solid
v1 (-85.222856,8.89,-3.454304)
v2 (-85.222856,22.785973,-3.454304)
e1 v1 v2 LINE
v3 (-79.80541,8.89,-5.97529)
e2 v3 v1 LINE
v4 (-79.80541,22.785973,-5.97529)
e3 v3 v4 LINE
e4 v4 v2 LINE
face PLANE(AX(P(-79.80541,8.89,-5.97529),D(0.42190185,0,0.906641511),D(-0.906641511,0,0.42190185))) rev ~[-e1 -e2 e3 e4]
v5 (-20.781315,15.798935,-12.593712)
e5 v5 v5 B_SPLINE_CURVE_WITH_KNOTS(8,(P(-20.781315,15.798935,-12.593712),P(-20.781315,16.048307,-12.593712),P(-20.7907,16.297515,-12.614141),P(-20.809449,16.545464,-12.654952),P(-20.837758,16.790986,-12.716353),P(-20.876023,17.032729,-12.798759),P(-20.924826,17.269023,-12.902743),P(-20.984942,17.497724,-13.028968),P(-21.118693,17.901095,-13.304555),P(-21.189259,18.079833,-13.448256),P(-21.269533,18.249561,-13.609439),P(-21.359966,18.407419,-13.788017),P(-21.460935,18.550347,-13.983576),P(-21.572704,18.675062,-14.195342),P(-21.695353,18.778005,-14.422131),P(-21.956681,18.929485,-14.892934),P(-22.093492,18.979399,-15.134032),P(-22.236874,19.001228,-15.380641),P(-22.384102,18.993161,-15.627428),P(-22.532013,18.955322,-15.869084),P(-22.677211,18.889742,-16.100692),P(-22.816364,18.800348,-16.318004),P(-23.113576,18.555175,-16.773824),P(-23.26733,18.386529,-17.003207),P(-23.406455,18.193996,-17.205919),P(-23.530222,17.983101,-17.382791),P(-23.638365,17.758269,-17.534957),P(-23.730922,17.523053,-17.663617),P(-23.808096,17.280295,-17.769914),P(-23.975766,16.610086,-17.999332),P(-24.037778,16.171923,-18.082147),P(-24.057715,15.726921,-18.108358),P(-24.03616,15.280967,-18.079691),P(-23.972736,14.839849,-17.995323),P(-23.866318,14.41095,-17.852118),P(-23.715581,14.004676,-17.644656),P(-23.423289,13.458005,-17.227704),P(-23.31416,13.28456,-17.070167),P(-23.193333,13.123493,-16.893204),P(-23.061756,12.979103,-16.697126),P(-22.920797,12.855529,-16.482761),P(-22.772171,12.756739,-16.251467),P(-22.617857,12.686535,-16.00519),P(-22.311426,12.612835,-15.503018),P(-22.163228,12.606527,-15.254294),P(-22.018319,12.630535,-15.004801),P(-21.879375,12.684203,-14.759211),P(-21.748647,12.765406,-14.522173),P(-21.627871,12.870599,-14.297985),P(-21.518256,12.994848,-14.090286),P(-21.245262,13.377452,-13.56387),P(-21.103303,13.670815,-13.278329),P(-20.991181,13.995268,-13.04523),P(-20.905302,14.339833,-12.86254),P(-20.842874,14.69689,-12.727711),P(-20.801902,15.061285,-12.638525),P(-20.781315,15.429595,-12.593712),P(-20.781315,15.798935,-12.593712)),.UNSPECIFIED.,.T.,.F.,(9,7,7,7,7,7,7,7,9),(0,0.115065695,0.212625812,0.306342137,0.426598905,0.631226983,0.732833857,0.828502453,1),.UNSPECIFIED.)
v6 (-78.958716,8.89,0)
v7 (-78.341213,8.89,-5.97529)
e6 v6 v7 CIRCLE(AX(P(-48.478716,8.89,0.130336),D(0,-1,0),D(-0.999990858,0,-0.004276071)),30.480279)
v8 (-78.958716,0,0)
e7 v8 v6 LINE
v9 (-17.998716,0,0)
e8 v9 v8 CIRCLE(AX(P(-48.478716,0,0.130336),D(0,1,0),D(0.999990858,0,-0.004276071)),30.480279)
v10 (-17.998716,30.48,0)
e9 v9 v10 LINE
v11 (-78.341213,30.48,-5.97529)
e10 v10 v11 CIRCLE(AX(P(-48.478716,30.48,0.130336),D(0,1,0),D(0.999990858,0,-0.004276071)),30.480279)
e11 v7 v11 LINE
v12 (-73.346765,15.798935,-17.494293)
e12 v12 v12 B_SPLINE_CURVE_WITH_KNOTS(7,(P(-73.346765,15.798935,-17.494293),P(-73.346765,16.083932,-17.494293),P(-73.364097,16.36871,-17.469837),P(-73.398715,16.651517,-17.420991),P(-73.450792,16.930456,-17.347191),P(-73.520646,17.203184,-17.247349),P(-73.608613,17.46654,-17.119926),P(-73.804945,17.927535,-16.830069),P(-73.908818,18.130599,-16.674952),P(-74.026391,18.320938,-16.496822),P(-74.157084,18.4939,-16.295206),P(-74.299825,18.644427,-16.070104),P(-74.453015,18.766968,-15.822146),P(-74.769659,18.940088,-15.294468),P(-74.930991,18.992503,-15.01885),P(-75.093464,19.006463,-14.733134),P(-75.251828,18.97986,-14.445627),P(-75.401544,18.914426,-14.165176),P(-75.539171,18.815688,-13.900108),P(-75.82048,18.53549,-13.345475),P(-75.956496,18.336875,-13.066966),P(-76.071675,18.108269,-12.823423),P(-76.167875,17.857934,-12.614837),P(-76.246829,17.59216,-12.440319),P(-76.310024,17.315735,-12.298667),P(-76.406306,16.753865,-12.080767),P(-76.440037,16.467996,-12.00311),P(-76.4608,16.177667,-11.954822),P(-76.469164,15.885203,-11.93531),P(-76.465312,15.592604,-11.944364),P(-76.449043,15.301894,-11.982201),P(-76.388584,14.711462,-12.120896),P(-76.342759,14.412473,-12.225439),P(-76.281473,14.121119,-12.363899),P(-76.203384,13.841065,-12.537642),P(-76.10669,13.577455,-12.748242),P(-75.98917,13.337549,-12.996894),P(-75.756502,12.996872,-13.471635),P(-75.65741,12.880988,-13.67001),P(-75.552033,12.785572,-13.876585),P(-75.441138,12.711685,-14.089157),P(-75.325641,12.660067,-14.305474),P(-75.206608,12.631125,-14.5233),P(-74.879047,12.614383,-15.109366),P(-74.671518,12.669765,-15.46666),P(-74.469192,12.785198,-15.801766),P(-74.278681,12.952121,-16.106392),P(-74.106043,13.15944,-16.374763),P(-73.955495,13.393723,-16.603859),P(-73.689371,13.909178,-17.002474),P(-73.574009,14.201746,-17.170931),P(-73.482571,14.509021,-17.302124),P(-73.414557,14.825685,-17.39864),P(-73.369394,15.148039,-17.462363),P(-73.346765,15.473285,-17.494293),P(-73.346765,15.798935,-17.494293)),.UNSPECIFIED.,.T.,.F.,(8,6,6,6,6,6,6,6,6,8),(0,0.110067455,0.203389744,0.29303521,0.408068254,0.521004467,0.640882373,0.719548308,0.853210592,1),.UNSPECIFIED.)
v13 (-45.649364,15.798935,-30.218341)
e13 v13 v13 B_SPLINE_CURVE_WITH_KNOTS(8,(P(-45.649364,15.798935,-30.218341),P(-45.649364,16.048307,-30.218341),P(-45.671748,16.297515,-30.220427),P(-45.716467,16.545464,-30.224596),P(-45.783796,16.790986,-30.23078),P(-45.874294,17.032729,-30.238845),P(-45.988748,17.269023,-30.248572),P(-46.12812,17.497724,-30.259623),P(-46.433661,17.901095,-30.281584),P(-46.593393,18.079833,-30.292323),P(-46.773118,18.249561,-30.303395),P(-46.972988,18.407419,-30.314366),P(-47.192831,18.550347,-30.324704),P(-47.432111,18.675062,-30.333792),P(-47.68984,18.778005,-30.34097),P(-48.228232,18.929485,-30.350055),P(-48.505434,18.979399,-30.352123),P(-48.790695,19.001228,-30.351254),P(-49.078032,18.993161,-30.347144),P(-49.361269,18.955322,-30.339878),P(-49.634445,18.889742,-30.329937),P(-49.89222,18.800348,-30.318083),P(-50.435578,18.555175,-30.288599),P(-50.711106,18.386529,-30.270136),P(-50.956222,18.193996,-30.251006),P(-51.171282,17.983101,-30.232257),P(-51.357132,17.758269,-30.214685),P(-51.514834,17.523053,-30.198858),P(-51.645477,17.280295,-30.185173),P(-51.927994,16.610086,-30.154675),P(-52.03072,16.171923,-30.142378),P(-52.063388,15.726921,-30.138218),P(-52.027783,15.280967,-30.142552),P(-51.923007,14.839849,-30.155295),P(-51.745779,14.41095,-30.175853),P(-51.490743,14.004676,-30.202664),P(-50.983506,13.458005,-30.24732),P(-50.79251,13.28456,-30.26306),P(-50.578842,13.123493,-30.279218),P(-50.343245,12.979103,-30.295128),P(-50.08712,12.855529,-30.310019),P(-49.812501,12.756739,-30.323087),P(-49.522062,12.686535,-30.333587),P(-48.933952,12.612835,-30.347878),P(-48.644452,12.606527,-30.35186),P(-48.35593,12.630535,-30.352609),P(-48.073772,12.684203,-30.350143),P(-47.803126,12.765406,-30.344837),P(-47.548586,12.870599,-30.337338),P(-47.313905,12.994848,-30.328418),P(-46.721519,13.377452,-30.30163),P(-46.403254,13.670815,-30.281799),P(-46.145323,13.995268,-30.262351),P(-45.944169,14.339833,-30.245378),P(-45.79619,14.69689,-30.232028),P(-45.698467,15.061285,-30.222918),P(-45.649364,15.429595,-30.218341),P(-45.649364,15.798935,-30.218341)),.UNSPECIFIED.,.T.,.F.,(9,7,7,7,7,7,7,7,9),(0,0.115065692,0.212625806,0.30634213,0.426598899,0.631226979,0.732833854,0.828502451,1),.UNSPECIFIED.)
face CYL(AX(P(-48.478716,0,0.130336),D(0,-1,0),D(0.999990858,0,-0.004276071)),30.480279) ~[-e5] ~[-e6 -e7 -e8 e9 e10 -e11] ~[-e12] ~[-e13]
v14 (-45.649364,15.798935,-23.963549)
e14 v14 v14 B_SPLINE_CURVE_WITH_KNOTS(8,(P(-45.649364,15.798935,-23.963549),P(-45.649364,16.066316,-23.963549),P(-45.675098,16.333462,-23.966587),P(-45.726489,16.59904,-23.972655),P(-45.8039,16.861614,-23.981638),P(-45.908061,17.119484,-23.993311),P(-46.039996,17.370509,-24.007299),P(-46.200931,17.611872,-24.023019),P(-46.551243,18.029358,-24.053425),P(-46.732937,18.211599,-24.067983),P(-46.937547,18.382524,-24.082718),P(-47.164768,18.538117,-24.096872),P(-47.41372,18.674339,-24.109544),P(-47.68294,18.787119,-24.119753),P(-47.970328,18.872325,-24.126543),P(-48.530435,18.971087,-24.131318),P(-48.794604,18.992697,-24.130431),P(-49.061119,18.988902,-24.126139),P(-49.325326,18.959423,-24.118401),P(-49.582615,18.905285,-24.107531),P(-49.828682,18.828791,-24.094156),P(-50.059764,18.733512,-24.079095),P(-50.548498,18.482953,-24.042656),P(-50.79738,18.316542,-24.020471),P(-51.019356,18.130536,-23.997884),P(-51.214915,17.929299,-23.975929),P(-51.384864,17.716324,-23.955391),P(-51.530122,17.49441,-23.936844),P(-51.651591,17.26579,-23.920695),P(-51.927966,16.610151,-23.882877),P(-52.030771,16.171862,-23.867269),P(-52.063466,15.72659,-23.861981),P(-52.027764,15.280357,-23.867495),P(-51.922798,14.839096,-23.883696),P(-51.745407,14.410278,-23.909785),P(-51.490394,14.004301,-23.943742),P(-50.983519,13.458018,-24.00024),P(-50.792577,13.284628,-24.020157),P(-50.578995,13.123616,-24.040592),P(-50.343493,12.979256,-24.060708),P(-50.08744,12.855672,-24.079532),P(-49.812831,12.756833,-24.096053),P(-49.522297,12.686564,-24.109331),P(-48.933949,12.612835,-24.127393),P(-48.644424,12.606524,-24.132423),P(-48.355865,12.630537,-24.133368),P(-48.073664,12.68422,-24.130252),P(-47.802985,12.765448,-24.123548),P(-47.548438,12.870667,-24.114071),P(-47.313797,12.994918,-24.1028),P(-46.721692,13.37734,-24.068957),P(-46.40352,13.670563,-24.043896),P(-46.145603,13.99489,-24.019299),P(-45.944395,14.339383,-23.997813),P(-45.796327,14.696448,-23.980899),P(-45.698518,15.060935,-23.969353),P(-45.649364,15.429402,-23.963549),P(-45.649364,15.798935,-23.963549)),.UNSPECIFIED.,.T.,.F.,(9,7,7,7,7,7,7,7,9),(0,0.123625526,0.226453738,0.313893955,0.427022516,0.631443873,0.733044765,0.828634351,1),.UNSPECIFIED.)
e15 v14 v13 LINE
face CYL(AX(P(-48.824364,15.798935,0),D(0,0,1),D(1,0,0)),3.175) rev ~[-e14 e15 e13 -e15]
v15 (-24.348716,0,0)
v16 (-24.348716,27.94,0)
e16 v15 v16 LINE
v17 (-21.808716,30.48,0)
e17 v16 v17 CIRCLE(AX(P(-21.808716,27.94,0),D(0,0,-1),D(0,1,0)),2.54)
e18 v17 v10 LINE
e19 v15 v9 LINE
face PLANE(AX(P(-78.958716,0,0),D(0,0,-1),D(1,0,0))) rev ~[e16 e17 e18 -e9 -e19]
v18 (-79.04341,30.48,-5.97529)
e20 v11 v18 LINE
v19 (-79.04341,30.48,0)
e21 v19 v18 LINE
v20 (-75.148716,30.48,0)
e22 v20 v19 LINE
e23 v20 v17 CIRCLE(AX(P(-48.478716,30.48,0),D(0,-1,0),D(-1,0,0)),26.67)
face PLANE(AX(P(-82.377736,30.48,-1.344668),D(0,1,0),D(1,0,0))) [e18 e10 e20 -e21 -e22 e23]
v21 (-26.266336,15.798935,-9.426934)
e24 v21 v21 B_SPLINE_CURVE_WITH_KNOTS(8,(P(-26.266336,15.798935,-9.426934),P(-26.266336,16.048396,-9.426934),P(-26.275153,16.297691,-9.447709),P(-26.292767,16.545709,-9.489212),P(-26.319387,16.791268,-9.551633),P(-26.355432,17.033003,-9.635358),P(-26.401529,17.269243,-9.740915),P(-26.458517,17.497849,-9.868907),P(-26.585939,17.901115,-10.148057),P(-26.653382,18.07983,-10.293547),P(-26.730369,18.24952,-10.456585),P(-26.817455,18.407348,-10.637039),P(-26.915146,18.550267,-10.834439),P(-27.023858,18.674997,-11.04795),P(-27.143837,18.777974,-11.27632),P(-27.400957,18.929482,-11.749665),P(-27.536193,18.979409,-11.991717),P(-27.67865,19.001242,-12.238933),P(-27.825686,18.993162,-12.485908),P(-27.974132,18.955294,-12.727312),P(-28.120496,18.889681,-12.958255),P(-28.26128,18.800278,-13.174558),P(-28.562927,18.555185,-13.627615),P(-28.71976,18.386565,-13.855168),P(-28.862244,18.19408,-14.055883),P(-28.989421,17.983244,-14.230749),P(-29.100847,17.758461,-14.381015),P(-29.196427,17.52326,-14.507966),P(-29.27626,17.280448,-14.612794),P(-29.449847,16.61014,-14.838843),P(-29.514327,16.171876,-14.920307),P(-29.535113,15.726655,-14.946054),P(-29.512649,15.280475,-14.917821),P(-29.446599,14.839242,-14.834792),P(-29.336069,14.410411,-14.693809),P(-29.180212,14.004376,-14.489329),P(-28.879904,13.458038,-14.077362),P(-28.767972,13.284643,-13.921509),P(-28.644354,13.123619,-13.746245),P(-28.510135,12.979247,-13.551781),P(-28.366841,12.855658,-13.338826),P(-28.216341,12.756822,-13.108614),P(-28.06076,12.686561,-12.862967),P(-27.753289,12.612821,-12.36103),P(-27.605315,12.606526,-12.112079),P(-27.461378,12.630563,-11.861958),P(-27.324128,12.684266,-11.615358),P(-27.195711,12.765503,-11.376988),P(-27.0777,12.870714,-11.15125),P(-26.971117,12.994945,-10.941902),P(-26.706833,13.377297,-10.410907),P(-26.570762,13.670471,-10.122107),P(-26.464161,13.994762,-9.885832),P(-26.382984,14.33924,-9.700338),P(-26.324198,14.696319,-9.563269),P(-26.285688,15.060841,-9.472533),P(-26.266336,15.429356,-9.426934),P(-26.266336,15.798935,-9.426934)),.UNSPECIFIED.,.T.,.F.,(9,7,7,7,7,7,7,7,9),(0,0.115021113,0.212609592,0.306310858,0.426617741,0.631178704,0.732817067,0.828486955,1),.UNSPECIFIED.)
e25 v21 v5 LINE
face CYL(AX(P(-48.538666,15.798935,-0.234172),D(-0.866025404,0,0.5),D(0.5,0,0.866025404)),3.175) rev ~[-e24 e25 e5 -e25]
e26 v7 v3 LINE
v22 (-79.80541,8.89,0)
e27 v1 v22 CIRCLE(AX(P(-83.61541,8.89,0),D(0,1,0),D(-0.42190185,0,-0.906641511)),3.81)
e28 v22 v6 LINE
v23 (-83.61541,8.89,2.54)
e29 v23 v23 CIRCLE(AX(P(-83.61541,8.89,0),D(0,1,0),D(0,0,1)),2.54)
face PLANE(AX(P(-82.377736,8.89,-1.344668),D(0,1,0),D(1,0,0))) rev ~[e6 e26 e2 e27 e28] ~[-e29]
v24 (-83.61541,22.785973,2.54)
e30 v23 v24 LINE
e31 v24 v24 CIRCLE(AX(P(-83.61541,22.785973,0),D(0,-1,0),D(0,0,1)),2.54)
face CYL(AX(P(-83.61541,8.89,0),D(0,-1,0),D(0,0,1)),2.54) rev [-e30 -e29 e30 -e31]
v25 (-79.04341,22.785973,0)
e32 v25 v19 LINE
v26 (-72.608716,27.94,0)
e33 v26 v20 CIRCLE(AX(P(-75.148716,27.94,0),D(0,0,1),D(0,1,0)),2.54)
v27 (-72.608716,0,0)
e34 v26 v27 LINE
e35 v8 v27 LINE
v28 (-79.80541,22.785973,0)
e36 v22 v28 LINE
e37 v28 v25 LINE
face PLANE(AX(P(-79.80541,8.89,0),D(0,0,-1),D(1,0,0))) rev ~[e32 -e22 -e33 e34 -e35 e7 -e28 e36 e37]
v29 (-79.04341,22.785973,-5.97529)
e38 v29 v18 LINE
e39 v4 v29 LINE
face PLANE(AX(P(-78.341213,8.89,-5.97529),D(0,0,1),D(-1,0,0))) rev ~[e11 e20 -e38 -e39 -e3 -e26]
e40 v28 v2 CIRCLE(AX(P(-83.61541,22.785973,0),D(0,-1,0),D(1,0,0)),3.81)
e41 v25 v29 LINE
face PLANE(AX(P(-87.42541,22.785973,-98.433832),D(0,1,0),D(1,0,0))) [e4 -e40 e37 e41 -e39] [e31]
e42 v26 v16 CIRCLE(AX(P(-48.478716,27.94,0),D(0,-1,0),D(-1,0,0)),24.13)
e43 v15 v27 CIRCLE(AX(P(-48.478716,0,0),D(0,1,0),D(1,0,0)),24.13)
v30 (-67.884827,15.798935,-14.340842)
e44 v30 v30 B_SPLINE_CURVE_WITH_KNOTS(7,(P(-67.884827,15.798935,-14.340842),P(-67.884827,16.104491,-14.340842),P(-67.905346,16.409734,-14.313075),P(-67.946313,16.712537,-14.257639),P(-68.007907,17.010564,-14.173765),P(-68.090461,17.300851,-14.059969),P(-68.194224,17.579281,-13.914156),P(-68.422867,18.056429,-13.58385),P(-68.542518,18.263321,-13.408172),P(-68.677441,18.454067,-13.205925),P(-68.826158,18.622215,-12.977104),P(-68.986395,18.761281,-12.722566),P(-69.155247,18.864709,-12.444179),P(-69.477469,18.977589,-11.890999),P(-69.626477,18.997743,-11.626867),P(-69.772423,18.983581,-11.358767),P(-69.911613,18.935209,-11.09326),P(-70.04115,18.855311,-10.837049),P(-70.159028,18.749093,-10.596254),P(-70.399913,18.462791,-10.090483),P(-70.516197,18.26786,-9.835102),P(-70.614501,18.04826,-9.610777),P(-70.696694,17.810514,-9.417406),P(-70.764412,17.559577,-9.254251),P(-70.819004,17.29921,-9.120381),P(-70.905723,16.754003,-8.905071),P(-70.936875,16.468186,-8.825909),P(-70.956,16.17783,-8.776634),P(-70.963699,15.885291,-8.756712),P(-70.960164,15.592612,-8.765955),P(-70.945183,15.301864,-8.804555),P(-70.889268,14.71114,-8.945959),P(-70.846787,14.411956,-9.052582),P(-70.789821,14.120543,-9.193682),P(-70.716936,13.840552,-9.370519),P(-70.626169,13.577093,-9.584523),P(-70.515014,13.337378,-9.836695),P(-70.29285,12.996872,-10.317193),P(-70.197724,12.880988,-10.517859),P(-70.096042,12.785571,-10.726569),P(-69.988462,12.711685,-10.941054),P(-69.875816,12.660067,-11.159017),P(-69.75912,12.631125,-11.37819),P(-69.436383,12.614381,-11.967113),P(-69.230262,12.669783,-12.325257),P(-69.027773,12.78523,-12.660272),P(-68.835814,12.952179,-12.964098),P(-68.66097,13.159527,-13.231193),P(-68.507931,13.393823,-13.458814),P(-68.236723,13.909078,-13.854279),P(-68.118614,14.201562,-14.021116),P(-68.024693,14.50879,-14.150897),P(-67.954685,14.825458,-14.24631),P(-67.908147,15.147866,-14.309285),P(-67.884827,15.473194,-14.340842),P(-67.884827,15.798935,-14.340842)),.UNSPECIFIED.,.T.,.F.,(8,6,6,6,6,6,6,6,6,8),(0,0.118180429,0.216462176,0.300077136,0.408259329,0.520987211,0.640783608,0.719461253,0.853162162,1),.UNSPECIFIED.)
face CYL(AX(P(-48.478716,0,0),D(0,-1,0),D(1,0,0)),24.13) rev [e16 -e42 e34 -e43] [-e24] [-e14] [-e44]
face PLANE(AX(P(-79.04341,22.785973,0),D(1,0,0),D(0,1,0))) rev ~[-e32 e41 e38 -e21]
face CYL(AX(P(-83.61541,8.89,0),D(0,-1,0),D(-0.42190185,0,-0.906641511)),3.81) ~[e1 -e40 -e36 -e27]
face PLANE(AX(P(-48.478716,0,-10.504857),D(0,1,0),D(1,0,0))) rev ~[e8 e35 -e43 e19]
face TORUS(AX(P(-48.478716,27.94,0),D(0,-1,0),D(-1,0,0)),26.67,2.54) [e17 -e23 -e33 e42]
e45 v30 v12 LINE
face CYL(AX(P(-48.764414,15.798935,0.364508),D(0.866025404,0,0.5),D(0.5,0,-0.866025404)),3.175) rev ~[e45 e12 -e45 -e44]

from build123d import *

# Parameters (mm, degrees)
BOSS_EXTRUDE1_DEPTH     = 30.48
SKETCH3_R               = 24.13
CUT_EXTRUDE4_DEPTH      = 90.914560616
SKETCH4_R               = 3.175
CUT_EXTRUDE5_DEPTH      = 63.754
CIRPATTERN3_COUNT       = 6
BOSS_EXTRUDE3_START     = -21.59
SKETCH8_R               = 2.54
BOSS_EXTRUDE3_DEPTH     = 21.59
CUT_EXTRUDE7_DEPTH      = 98.433832269
CUT_EXTRUDE7_DEPTH_BACK = 98.433832269
SKETCH9_W               = 7.62
SKETCH9_H               = 7.694027115
SKETCH10_W              = 0.762
SKETCH10_H              = 7.694027115
CUT_EXTRUDE8_DEPTH      = 21.59
FILLET1_R               = 2.54


with BuildPart() as part:
    # Sketch1 → Boss-Extrude1 (new body)
    with BuildSketch(Plane(origin=(0, 0, 0), x_dir=(1, 0, 0), z_dir=(0, 1, 0))):
        with BuildLine():
            Line((-78.958715675, 0), (-17.998715675, 0))
            ThreePointArc((-17.998715675, 0), (-48.478715675, 30.349942827), (-78.958715675, 0))
        make_face()
    extrude(amount=BOSS_EXTRUDE1_DEPTH)

    # Sketch3 → Cut-Extrude4 (cut, through all)
    with BuildSketch(Plane(origin=(0, 0, 0), x_dir=(1, 0, 0), z_dir=(0, 1, 0))):
        with Locations((-48.478715675, 0)):
            Circle(SKETCH3_R)
    extrude(amount=CUT_EXTRUDE4_DEPTH, mode=Mode.SUBTRACT)

    # Sketch4 → Cut-Extrude5 (cut)
    with BuildSketch(Plane.XY):
        with Locations((-48.824364134, 15.798935299)):
            Circle(SKETCH4_R)
    cut_extrude5 = extrude(amount=-CUT_EXTRUDE5_DEPTH, mode=Mode.SUBTRACT)

    # CirPattern3: Cut-Extrude5 ×6 about axis
    cirpattern3_axis = Axis((-48.478715675, 30.48, 0.130335837), (0, -1, 0))
    for i in range(1, CIRPATTERN3_COUNT):
        add(cut_extrude5.rotate(cirpattern3_axis, i * 360 / CIRPATTERN3_COUNT), mode=Mode.SUBTRACT)

    # Sketch8 → Boss-Extrude3 (add)
    with BuildSketch(Plane(origin=(0, 30.48, 0), x_dir=(1, 0, 0), z_dir=(0, 1, 0)).offset(BOSS_EXTRUDE3_START)):
        with BuildLine():
            ThreePointArc((-85.222855562, 3.454304155), (-85.663790647, -3.212512214), (-79.805409512, 0))
            Line((-79.805409512, 0), (-78.958715675, 0))
            ThreePointArc((-78.958715675, 0), (-78.797525927, 3.002894504), (-78.341212544, 5.975290109))
            Line((-78.341212544, 5.975290109), (-78.958715675, 5.975290109))
            Line((-78.958715675, 5.975290109), (-79.805409512, 5.975290109))
            Line((-79.805409512, 5.975290109), (-85.222855562, 3.454304155))
        make_face()
        with Locations(Location((-83.615409512, 0, 0), (0, 0, 270))):
            Circle(SKETCH8_R, mode=Mode.SUBTRACT)
    extrude(amount=BOSS_EXTRUDE3_DEPTH)

    # Sketch9 → Cut-Extrude7 (cut, two sides: drawn at the far end of the back side and taken through both)
    with BuildSketch(Plane.XY.offset(-CUT_EXTRUDE7_DEPTH_BACK)):
        with Locations((-83.615409512, 26.632986443)):
            Rectangle(SKETCH9_W, SKETCH9_H)
    extrude(amount=CUT_EXTRUDE7_DEPTH + CUT_EXTRUDE7_DEPTH_BACK, mode=Mode.SUBTRACT)

    # Sketch10 → Cut-Extrude8 (cut)
    with BuildSketch(Plane.XY):
        with Locations((-79.424409512, 26.632986443)):
            Rectangle(SKETCH10_W, SKETCH10_H)
    extrude(amount=-CUT_EXTRUDE8_DEPTH, mode=Mode.SUBTRACT)

    # Fillet1
    fillet1_edges = [part.edges().sort_by_distance(p)[0] for p in [
        (-48.478715675, 30.48, -24.13),
    ]]
    fillet(fillet1_edges, radius=FILLET1_R)


solid = part.part
